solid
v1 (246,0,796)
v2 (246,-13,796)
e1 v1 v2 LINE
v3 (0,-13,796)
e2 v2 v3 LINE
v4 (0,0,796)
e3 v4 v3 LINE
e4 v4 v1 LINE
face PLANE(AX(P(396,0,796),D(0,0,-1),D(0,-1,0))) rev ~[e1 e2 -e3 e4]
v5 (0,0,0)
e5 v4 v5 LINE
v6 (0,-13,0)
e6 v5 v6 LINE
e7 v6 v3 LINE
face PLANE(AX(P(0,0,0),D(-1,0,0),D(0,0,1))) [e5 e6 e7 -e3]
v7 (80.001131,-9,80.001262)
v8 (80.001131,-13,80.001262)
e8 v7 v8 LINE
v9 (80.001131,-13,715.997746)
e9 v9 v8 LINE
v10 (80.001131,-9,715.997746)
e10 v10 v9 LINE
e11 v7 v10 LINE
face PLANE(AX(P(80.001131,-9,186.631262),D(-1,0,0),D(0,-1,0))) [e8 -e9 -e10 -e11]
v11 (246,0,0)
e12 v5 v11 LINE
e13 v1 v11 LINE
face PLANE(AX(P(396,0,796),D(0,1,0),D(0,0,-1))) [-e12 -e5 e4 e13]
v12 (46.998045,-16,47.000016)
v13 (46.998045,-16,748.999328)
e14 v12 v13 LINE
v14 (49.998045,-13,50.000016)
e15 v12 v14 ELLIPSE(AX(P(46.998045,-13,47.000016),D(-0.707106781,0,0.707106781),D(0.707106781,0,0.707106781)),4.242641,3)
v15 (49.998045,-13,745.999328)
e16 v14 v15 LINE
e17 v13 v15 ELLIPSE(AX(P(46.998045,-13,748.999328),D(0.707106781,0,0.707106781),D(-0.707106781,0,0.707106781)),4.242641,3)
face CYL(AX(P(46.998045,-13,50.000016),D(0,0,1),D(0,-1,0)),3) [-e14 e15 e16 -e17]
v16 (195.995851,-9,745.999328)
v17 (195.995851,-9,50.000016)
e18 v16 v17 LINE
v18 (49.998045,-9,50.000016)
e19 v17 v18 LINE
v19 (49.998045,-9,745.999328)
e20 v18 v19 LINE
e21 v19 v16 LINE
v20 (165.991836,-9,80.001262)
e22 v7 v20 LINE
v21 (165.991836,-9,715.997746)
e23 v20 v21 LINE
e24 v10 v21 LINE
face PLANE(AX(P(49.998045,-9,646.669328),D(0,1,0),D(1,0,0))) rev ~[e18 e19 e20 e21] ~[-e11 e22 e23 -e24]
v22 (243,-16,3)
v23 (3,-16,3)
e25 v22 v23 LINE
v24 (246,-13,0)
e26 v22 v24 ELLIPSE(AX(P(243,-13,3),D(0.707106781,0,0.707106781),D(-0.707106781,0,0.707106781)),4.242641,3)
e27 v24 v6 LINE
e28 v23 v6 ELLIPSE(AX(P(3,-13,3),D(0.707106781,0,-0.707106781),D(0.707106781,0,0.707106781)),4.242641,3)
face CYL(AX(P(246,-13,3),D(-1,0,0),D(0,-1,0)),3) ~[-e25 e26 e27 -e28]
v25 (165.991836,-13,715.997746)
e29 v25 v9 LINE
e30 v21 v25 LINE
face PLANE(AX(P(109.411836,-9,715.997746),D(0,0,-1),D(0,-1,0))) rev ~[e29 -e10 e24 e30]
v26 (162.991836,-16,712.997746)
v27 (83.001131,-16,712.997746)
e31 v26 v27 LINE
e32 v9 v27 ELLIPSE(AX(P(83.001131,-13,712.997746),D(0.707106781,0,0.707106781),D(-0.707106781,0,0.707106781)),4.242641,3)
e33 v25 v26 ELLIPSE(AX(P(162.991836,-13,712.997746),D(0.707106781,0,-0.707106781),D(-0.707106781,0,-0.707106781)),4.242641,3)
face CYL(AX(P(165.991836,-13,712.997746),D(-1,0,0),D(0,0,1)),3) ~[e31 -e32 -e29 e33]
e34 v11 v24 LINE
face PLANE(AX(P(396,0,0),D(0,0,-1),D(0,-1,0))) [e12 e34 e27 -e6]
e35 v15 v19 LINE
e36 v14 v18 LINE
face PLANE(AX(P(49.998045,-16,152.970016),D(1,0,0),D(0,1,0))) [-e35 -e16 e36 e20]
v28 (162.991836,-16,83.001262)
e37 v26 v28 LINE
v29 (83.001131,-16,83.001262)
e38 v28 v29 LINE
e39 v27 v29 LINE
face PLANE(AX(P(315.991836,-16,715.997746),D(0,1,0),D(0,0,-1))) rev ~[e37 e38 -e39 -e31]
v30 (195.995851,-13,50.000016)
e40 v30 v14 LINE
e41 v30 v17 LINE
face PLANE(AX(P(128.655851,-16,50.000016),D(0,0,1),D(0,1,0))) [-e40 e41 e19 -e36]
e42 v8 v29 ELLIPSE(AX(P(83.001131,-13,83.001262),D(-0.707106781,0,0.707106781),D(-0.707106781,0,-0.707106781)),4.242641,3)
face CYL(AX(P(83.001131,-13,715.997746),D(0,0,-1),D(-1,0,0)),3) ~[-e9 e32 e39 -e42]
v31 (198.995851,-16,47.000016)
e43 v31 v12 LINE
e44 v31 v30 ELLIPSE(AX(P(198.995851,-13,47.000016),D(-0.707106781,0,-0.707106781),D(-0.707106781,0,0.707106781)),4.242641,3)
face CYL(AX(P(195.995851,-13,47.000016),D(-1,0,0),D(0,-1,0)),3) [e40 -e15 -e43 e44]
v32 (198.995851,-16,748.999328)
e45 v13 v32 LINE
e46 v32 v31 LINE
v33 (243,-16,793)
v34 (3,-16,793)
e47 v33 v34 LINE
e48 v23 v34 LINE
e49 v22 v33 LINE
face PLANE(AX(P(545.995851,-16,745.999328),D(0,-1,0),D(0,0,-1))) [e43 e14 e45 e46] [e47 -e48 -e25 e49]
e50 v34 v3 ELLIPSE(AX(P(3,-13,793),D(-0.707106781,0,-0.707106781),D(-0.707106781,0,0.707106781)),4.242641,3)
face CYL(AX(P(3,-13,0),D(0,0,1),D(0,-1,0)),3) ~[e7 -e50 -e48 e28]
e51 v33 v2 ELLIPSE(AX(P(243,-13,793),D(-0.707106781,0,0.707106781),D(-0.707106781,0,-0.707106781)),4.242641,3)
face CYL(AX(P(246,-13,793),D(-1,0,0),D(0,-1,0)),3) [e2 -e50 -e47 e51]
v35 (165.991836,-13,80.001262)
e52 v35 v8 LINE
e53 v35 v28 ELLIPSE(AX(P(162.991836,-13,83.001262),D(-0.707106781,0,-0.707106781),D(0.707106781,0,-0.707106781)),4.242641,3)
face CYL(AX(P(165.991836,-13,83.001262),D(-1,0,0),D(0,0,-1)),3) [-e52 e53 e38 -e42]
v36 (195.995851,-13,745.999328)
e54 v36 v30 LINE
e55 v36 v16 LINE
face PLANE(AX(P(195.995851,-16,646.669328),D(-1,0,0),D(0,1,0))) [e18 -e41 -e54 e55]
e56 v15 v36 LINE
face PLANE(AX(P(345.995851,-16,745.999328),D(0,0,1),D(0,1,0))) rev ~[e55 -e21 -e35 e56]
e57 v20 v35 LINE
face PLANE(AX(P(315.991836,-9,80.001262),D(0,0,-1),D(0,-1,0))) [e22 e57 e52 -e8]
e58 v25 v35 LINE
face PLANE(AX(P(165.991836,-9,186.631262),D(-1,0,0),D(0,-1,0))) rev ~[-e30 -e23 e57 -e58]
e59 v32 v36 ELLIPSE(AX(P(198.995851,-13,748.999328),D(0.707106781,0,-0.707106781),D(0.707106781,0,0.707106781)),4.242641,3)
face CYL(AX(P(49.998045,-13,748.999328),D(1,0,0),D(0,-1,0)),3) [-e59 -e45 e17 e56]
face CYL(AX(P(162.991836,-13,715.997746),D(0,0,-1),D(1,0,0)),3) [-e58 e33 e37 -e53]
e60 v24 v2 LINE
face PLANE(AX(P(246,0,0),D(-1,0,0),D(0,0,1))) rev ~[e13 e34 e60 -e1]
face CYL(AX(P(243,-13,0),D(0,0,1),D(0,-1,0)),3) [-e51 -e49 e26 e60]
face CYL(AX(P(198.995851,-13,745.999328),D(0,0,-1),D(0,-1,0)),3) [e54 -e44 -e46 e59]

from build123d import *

# Parameters (mm, degrees)
F0_W      = 44.656470418
F0_H      = 33.8078811765
F1_DEPTH  = 16
F2_DEPTH  = 796
F3_DEPTH  = 196
F4_W      = 68.9578056335
F4_H      = 493.6993122101
F5_DEPTH  = 7
F6_DEPTH  = 9.7
F7_DEPTH  = 99.33
F8_DEPTH  = 99.33
F9_DEPTH  = 17.34
F10_DEPTH = 102.97
F11_W     = 35.2807044983
F11_H     = 492.0964837074
F12_DEPTH = 7
F13_DEPTH = 37.27
F14_DEPTH = 6.58
F15_DEPTH = 106.63
F16_DEPTH = 5.87
F17_DEPTH = 200
F18_DEPTH = 200
F19_DEPTH = 200
F20_DEPTH = 200
F21_DEPTH = 200
F22_DEPTH = 200
F23_DEPTH = 350
F24_DEPTH = 350
F25_DEPTH = 350
F26_R     = 3


with BuildPart() as f1:
    # F0 (on Front) → F1 (new body)
    with BuildSketch(Plane.XZ):
        with Locations((22.328235209, 16.9039405882)):
            Rectangle(F0_W, F0_H)
    extrude(amount=F1_DEPTH)

    # F2 (add): a face of the model
    f2_faces = [f1.faces().sort_by_distance(p)[0] for p in [
        (22.328235209, -8, 0),
    ]]
    extrude(f2_faces, amount=-F2_DEPTH)

    # F3 (add): a face of the model
    f3_faces = [f1.faces().sort_by_distance(p)[0] for p in [
        (0, -8, 398),
    ]]
    extrude(f3_faces, amount=-F3_DEPTH)

    # F4 (on face) → F5 (cut)
    with BuildSketch(Plane.XZ.offset(16)):
        with Locations((94.1769480705, 399.8196721077)):
            Rectangle(F4_W, F4_H)
    extrude(amount=-F5_DEPTH, mode=Mode.SUBTRACT)

    # F6 (cut): a face of the model
    f6_faces = [f1.faces().sort_by_distance(p)[0] for p in [
        (59.6980452538, -12.5, 399.8196721077),
    ]]
    extrude(f6_faces, amount=-F6_DEPTH, mode=Mode.SUBTRACT)

    # F7 (add): a face of the model
    f7_faces = [f1.faces().sort_by_distance(p)[0] for p in [
        (89.3269480705, -12.5, 646.6693282127),
    ]]
    extrude(f7_faces, amount=-F7_DEPTH)

    # F8 (cut): a face of the model
    f8_faces = [f1.faces().sort_by_distance(p)[0] for p in [
        (89.3269480705, -12.5, 646.6693282127),
    ]]
    extrude(f8_faces, amount=-F8_DEPTH, mode=Mode.SUBTRACT)

    # F9 (cut): a face of the model
    f9_faces = [f1.faces().sort_by_distance(p)[0] for p in [
        (128.6558508873, -12.5, 449.4846721077),
    ]]
    extrude(f9_faces, amount=-F9_DEPTH, mode=Mode.SUBTRACT)

    # F10 (cut): a face of the model
    f10_faces = [f1.faces().sort_by_distance(p)[0] for p in [
        (97.9969480705, -12.5, 152.9700160027),
    ]]
    extrude(f10_faces, amount=-F10_DEPTH, mode=Mode.SUBTRACT)

    # F11 (on face) → F12 (join)
    with BuildSketch(Plane.XZ.offset(9)):
        with Locations((91.7714834213, 432.6795041561)):
            Rectangle(F11_W, F11_H)
    extrude(amount=F12_DEPTH)

    # F13 (add): a face of the model
    f13_faces = [f1.faces().sort_by_distance(p)[0] for p in [
        (91.7714834213, -12.5, 678.7277460098),
    ]]
    extrude(f13_faces, amount=F13_DEPTH)

    # F14 (add): a face of the model
    f14_faces = [f1.faces().sort_by_distance(p)[0] for p in [
        (109.4118356705, -12.5, 451.3145041561),
    ]]
    extrude(f14_faces, amount=F14_DEPTH)

    # F15 (add): a face of the model
    f15_faces = [f1.faces().sort_by_distance(p)[0] for p in [
        (95.0614834213, -12.5, 186.6312623024),
    ]]
    extrude(f15_faces, amount=F15_DEPTH)

    # F16 (cut): a face of the model
    f16_faces = [f1.faces().sort_by_distance(p)[0] for p in [
        (74.1311311722, -12.5, 397.9995041561),
    ]]
    extrude(f16_faces, amount=-F16_DEPTH, mode=Mode.SUBTRACT)

    # F17 (add): a face of the model
    f17_faces = [f1.faces().sort_by_distance(p)[0] for p in [
        (196, -8, 398),
    ]]
    extrude(f17_faces, amount=F17_DEPTH)

    # F18 (cut): a face of the model
    f18_faces = [f1.faces().sort_by_distance(p)[0] for p in [
        (145.9958508873, -12.5, 397.9996721077),
    ]]
    extrude(f18_faces, amount=-F18_DEPTH, mode=Mode.SUBTRACT)

    # F19 (add): a face of the model
    f19_faces = [f1.faces().sort_by_distance(p)[0] for p in [
        (115.9918356705, -12.5, 397.9995041561),
    ]]
    extrude(f19_faces, amount=F19_DEPTH)

    # F20 (add): a face of the model
    f20_faces = [f1.faces().sort_by_distance(p)[0] for p in [
        (396, -8, 398),
    ]]
    extrude(f20_faces, amount=F20_DEPTH)

    # F21 (cut): a face of the model
    f21_faces = [f1.faces().sort_by_distance(p)[0] for p in [
        (345.9958508873, -12.5, 397.9996721077),
    ]]
    extrude(f21_faces, amount=-F21_DEPTH, mode=Mode.SUBTRACT)

    # F22 (add): a face of the model
    f22_faces = [f1.faces().sort_by_distance(p)[0] for p in [
        (315.9918356705, -12.5, 397.9995041561),
    ]]
    extrude(f22_faces, amount=F22_DEPTH)

    # F23 (cut): a face of the model
    f23_faces = [f1.faces().sort_by_distance(p)[0] for p in [
        (515.9918356705, -12.5, 397.9995041561),
    ]]
    extrude(f23_faces, amount=-F23_DEPTH, mode=Mode.SUBTRACT)

    # F24 (add): a face of the model
    f24_faces = [f1.faces().sort_by_distance(p)[0] for p in [
        (545.9958508873, -12.5, 397.9996721077),
    ]]
    extrude(f24_faces, amount=F24_DEPTH)

    # F25 (cut): a face of the model
    f25_faces = [f1.faces().sort_by_distance(p)[0] for p in [
        (596, -8, 398),
    ]]
    extrude(f25_faces, amount=-F25_DEPTH, mode=Mode.SUBTRACT)

    # F26
    f26_edges = [f1.edges().sort_by_distance(p)[0] for p in [
        (122.996483, -16, 715.997746),
        (165.991836, -16, 397.999504),
        (122.996483, -16, 80.001262),
        (80.001131, -16, 397.999504),
        (0, -16, 398),
        (123, -16, 796),
        (246, -16, 398),
        (123, -16, 0),
        (49.998045, -16, 397.999672),
        (122.996948, -16, 50.000016),
        (122.996948, -16, 745.999328),
        (195.995851, -16, 397.999672),
    ]]
    fillet(f26_edges, radius=F26_R)


solid = f1.part
